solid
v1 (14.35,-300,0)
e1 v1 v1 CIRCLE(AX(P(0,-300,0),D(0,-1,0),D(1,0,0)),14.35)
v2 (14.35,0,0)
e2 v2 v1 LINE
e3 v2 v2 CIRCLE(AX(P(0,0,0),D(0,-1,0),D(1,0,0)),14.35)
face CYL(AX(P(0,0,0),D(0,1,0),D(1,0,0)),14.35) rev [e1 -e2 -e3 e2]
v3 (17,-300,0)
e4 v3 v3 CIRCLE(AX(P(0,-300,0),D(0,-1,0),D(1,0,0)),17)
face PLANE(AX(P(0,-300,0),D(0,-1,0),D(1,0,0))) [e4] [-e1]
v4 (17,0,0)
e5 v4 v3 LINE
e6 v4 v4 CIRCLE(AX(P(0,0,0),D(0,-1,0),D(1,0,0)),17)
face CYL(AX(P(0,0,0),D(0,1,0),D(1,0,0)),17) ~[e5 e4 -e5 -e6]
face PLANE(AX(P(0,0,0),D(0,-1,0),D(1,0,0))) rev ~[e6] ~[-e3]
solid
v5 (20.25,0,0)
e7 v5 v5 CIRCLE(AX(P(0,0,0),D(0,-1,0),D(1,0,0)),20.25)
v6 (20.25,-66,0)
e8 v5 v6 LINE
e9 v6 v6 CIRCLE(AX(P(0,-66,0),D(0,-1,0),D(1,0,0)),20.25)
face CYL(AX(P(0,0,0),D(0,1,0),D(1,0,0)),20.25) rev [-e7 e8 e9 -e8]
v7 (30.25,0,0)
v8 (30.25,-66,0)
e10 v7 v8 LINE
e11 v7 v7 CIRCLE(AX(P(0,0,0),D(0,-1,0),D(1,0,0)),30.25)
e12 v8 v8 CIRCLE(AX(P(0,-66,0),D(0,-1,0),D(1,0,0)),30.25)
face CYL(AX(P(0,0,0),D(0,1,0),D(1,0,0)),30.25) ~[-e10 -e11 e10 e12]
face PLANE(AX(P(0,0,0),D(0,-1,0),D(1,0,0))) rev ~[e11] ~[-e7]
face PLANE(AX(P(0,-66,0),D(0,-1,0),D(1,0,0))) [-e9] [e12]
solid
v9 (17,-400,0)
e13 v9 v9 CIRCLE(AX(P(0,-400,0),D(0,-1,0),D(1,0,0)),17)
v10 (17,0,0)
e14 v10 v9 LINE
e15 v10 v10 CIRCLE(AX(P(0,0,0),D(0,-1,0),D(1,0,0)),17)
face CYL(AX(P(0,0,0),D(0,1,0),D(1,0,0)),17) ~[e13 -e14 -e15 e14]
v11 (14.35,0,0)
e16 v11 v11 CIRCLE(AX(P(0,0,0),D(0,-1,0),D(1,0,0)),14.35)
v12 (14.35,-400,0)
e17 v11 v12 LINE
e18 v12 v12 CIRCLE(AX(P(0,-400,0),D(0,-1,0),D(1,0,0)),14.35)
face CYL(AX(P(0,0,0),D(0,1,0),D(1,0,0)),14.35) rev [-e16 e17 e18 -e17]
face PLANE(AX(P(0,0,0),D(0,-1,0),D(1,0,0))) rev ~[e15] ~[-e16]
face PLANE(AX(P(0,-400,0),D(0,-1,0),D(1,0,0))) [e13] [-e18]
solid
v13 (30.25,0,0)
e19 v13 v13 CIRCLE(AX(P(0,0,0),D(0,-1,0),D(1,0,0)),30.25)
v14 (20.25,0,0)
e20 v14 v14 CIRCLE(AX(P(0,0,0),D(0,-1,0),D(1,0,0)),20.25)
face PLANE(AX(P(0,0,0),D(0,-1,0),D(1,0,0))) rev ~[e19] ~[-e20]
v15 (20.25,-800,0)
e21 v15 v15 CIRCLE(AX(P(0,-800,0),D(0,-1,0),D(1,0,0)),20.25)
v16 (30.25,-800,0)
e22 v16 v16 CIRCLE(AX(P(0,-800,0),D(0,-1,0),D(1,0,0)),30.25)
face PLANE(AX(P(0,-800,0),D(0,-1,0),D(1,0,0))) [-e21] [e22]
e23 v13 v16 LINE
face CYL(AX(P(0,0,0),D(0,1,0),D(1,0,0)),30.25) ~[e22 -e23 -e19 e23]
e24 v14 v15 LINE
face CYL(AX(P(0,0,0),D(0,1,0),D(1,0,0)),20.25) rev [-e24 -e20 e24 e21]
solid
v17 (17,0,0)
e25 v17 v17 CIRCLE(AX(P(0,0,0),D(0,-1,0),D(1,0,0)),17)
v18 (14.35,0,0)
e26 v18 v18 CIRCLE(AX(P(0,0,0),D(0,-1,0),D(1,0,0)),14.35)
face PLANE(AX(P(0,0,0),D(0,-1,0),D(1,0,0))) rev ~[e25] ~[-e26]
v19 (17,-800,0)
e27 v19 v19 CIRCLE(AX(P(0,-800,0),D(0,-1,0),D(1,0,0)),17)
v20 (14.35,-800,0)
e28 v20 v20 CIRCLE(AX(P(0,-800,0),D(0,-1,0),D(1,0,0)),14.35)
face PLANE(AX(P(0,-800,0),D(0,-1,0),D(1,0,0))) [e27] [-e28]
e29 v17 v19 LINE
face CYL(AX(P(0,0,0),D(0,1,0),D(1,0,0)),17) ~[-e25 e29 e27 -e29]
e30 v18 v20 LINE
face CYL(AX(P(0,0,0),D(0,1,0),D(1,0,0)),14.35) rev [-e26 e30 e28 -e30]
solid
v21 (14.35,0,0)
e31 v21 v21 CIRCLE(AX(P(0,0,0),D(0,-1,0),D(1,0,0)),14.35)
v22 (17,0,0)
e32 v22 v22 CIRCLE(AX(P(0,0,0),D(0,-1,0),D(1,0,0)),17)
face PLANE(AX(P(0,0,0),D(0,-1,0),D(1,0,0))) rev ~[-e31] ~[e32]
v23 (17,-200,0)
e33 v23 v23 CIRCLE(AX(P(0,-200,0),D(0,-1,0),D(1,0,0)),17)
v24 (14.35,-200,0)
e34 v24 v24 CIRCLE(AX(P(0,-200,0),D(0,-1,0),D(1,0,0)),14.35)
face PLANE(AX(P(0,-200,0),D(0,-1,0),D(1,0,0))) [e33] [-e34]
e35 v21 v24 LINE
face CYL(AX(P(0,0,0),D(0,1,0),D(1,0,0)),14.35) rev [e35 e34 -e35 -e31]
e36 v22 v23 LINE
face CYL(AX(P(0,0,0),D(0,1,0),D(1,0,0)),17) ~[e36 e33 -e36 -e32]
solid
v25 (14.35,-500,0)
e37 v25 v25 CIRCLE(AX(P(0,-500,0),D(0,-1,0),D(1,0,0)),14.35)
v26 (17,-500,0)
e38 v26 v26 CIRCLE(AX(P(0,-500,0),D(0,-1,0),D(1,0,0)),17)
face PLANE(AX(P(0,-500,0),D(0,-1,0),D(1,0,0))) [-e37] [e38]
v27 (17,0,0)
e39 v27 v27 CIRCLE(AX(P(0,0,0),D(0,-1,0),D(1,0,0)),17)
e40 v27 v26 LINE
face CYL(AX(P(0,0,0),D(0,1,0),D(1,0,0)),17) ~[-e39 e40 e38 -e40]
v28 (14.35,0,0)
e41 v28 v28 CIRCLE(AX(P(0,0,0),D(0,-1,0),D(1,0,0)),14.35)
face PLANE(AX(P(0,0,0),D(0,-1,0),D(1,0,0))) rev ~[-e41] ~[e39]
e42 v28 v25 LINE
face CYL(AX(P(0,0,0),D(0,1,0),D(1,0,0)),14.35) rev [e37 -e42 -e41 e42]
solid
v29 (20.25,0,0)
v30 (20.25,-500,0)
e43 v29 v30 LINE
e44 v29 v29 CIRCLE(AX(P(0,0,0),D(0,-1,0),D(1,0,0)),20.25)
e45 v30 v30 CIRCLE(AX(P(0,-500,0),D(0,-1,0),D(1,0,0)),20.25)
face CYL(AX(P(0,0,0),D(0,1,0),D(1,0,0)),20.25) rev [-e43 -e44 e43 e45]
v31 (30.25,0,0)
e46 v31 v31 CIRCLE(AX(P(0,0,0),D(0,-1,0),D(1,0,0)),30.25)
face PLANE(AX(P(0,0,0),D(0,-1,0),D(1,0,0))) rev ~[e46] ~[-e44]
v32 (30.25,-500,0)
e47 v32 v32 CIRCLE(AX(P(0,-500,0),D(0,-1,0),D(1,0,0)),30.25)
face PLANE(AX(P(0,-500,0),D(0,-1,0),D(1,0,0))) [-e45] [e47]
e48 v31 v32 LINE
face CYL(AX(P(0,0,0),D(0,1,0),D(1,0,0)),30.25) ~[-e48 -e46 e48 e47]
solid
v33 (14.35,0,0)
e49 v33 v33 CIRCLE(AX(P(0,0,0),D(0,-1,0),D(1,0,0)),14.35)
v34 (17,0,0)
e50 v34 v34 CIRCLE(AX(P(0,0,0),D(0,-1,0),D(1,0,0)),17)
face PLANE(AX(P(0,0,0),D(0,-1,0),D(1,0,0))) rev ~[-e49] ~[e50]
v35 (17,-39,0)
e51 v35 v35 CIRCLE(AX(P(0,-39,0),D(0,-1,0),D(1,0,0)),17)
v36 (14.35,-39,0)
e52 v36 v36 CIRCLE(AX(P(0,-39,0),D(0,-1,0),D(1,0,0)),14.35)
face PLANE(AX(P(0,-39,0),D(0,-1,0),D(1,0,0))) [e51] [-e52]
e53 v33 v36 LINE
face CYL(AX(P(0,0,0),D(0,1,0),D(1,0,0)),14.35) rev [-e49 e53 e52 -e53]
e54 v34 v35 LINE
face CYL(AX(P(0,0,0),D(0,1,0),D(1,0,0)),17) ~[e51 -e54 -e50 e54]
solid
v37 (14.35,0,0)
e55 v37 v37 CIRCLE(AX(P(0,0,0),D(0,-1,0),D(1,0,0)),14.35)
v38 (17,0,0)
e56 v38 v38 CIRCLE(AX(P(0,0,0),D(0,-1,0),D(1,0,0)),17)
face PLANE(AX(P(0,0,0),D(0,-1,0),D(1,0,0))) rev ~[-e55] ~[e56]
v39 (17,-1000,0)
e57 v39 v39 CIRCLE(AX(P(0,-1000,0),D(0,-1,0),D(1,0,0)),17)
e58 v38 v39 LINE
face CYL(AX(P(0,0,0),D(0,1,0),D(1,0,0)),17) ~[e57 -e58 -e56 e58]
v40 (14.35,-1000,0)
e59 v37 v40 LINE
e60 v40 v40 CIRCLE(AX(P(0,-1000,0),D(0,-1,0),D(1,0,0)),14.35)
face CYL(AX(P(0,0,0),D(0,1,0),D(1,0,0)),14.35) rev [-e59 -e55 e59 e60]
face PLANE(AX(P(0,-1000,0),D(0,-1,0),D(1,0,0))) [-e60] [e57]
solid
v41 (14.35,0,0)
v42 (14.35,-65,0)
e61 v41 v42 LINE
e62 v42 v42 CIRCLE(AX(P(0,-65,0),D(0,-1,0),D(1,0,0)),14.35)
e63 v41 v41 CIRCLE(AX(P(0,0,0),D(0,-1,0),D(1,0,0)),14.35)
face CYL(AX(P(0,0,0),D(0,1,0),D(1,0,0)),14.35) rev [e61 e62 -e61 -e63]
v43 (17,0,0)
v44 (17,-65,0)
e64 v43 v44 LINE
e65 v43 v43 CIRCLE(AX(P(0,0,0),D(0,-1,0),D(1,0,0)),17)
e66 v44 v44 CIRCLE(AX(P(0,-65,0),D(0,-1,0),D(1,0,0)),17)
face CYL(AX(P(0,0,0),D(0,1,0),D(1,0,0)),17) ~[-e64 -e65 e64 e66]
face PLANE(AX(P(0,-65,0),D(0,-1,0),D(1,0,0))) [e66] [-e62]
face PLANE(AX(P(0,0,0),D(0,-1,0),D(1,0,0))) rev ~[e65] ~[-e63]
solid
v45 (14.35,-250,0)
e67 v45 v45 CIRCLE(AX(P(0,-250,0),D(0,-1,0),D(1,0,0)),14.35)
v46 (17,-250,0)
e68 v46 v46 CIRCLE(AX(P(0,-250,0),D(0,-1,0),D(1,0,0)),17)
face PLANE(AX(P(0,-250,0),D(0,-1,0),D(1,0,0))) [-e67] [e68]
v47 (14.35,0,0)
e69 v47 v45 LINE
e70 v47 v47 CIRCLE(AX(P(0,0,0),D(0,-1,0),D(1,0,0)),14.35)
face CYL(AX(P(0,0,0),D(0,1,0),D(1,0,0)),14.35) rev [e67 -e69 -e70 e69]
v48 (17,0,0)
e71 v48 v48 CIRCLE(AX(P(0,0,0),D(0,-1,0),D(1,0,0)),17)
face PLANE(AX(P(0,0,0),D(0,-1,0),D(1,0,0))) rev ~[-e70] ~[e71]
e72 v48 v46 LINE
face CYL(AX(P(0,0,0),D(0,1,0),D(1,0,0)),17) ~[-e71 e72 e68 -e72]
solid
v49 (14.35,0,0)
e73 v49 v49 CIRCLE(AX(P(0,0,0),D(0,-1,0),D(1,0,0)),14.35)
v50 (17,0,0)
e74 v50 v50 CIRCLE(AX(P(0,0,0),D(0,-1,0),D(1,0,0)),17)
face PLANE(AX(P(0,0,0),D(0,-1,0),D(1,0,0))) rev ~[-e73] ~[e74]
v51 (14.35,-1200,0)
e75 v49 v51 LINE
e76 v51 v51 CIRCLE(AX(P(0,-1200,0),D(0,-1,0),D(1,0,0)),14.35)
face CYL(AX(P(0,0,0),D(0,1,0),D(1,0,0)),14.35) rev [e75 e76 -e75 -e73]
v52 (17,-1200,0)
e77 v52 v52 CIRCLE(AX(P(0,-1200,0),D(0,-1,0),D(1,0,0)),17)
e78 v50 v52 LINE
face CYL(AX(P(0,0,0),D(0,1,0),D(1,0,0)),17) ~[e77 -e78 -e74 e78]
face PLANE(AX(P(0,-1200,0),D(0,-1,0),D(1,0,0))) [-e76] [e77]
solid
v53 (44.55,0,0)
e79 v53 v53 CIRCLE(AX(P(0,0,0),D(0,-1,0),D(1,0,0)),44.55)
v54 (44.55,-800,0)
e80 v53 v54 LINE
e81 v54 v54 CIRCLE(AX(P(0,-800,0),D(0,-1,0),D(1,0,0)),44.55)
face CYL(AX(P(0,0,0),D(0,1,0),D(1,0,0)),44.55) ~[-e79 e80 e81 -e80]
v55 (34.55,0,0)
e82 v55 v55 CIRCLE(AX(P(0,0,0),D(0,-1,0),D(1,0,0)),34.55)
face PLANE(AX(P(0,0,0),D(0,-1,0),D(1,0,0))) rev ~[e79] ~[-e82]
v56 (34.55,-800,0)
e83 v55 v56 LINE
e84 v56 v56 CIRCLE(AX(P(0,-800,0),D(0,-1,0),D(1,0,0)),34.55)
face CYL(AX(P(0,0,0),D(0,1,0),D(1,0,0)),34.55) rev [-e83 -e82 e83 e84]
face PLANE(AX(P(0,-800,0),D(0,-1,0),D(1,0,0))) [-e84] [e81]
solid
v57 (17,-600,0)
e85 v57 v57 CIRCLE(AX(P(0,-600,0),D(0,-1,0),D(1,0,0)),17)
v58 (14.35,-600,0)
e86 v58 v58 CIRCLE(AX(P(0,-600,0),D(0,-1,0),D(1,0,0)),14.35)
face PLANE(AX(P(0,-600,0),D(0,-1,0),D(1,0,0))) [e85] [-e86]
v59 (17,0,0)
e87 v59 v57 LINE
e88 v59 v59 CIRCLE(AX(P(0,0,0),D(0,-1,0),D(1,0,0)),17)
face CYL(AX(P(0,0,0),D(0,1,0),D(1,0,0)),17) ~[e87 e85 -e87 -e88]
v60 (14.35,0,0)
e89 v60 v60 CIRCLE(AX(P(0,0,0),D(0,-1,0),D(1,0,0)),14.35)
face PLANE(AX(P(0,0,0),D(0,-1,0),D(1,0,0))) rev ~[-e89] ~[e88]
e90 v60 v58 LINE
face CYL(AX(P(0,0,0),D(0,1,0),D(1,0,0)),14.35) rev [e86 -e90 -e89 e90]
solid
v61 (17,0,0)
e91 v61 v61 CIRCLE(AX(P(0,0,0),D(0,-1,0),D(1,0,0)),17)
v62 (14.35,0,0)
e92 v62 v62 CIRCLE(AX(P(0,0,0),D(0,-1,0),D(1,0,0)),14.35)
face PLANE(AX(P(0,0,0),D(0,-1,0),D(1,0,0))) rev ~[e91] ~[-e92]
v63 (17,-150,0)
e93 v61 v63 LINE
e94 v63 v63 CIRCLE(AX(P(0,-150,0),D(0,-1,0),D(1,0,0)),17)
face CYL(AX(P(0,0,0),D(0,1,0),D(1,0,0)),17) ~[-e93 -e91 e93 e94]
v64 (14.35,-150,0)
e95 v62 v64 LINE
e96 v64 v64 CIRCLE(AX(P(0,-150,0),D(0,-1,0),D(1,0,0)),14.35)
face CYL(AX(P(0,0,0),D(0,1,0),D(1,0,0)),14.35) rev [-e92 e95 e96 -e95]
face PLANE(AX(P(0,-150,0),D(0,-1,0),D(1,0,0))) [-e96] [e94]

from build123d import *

# Parameters (mm, degrees)
F0_R      = 17
F0_R_2    = 14.35
F1_DEPTH  = 1000
F2_DEPTH  = 39
F3_DEPTH  = 600
F4_DEPTH  = 300
F5_DEPTH  = 500
F6_DEPTH  = 65
F8_R      = 44.55
F8_R_2    = 34.55
F9_DEPTH  = 800
F7_R      = 30.25
F7_R_2    = 20.25
F10_DEPTH = 66
F11_DEPTH = 200
F12_DEPTH = 150
F13_DEPTH = 500
F14_DEPTH = 400
F15_DEPTH = 800
F16_DEPTH = 250
F17_DEPTH = 1200
F18_DEPTH = 800


with BuildPart() as f1:
    # F0 (on Front) → F1 (new body)
    with BuildSketch(Plane.XZ):
        Circle(F0_R)
        Circle(F0_R_2, mode=Mode.SUBTRACT)
    extrude(amount=F1_DEPTH)


with BuildPart() as f2:
    # F0 (on Front) → F2 (new body)
    with BuildSketch(Plane.XZ):
        Circle(F0_R)
        Circle(F0_R_2, mode=Mode.SUBTRACT)
    extrude(amount=F2_DEPTH)


with BuildPart() as f3:
    # F0 (on Front) → F3 (new body)
    with BuildSketch(Plane.XZ):
        Circle(F0_R)
        Circle(F0_R_2, mode=Mode.SUBTRACT)
    extrude(amount=F3_DEPTH)


with BuildPart() as f4:
    # F0 (on Front) → F4 (new body)
    with BuildSketch(Plane.XZ):
        Circle(F0_R)
        Circle(F0_R_2, mode=Mode.SUBTRACT)
    extrude(amount=F4_DEPTH)


with BuildPart() as f5:
    # F0 (on Front) → F5 (new body)
    with BuildSketch(Plane.XZ):
        Circle(F0_R)
        Circle(F0_R_2, mode=Mode.SUBTRACT)
    extrude(amount=F5_DEPTH)


with BuildPart() as f6:
    # F0 (on Front) → F6 (new body)
    with BuildSketch(Plane.XZ):
        Circle(F0_R)
        Circle(F0_R_2, mode=Mode.SUBTRACT)
    extrude(amount=F6_DEPTH)


with BuildPart() as f9:
    # F8 (on Front) → F9 (new body)
    with BuildSketch(Plane.XZ):
        Circle(F8_R)
        Circle(F8_R_2, mode=Mode.SUBTRACT)
    extrude(amount=F9_DEPTH)


with BuildPart() as f10:
    # F7 (on Front) → F10 (new body)
    with BuildSketch(Plane.XZ):
        Circle(F7_R)
        Circle(F7_R_2, mode=Mode.SUBTRACT)
    extrude(amount=F10_DEPTH)


with BuildPart() as f11:
    # F0 (on Front) → F11 (new body)
    with BuildSketch(Plane.XZ):
        Circle(F0_R)
        Circle(F0_R_2, mode=Mode.SUBTRACT)
    extrude(amount=F11_DEPTH)


with BuildPart() as f12:
    # F0 (on Front) → F12 (new body)
    with BuildSketch(Plane.XZ):
        Circle(F0_R)
        Circle(F0_R_2, mode=Mode.SUBTRACT)
    extrude(amount=F12_DEPTH)


with BuildPart() as f13:
    # F7 (on Front) → F13 (new body)
    with BuildSketch(Plane.XZ):
        Circle(F7_R)
        Circle(F7_R_2, mode=Mode.SUBTRACT)
    extrude(amount=F13_DEPTH)


with BuildPart() as f14:
    # F0 (on Front) → F14 (new body)
    with BuildSketch(Plane.XZ):
        Circle(F0_R)
        Circle(F0_R_2, mode=Mode.SUBTRACT)
    extrude(amount=F14_DEPTH)


with BuildPart() as f15:
    # F0 (on Front) → F15 (new body)
    with BuildSketch(Plane.XZ):
        Circle(F0_R)
        Circle(F0_R_2, mode=Mode.SUBTRACT)
    extrude(amount=F15_DEPTH)


with BuildPart() as f16:
    # F0 (on Front) → F16 (new body)
    with BuildSketch(Plane.XZ):
        Circle(F0_R)
        Circle(F0_R_2, mode=Mode.SUBTRACT)
    extrude(amount=F16_DEPTH)


with BuildPart() as f17:
    # F0 (on Front) → F17 (new body)
    with BuildSketch(Plane.XZ):
        Circle(F0_R)
        Circle(F0_R_2, mode=Mode.SUBTRACT)
    extrude(amount=F17_DEPTH)


with BuildPart() as f18:
    # F7 (on Front) → F18 (new body)
    with BuildSketch(Plane.XZ):
        Circle(F7_R)
        Circle(F7_R_2, mode=Mode.SUBTRACT)
    extrude(amount=F18_DEPTH)


solid = Compound([f1.part, f2.part, f3.part, f4.part, f5.part, f6.part, f9.part, f10.part, f11.part, f12.part, f13.part, f14.part, f15.part, f16.part, f17.part, f18.part])
